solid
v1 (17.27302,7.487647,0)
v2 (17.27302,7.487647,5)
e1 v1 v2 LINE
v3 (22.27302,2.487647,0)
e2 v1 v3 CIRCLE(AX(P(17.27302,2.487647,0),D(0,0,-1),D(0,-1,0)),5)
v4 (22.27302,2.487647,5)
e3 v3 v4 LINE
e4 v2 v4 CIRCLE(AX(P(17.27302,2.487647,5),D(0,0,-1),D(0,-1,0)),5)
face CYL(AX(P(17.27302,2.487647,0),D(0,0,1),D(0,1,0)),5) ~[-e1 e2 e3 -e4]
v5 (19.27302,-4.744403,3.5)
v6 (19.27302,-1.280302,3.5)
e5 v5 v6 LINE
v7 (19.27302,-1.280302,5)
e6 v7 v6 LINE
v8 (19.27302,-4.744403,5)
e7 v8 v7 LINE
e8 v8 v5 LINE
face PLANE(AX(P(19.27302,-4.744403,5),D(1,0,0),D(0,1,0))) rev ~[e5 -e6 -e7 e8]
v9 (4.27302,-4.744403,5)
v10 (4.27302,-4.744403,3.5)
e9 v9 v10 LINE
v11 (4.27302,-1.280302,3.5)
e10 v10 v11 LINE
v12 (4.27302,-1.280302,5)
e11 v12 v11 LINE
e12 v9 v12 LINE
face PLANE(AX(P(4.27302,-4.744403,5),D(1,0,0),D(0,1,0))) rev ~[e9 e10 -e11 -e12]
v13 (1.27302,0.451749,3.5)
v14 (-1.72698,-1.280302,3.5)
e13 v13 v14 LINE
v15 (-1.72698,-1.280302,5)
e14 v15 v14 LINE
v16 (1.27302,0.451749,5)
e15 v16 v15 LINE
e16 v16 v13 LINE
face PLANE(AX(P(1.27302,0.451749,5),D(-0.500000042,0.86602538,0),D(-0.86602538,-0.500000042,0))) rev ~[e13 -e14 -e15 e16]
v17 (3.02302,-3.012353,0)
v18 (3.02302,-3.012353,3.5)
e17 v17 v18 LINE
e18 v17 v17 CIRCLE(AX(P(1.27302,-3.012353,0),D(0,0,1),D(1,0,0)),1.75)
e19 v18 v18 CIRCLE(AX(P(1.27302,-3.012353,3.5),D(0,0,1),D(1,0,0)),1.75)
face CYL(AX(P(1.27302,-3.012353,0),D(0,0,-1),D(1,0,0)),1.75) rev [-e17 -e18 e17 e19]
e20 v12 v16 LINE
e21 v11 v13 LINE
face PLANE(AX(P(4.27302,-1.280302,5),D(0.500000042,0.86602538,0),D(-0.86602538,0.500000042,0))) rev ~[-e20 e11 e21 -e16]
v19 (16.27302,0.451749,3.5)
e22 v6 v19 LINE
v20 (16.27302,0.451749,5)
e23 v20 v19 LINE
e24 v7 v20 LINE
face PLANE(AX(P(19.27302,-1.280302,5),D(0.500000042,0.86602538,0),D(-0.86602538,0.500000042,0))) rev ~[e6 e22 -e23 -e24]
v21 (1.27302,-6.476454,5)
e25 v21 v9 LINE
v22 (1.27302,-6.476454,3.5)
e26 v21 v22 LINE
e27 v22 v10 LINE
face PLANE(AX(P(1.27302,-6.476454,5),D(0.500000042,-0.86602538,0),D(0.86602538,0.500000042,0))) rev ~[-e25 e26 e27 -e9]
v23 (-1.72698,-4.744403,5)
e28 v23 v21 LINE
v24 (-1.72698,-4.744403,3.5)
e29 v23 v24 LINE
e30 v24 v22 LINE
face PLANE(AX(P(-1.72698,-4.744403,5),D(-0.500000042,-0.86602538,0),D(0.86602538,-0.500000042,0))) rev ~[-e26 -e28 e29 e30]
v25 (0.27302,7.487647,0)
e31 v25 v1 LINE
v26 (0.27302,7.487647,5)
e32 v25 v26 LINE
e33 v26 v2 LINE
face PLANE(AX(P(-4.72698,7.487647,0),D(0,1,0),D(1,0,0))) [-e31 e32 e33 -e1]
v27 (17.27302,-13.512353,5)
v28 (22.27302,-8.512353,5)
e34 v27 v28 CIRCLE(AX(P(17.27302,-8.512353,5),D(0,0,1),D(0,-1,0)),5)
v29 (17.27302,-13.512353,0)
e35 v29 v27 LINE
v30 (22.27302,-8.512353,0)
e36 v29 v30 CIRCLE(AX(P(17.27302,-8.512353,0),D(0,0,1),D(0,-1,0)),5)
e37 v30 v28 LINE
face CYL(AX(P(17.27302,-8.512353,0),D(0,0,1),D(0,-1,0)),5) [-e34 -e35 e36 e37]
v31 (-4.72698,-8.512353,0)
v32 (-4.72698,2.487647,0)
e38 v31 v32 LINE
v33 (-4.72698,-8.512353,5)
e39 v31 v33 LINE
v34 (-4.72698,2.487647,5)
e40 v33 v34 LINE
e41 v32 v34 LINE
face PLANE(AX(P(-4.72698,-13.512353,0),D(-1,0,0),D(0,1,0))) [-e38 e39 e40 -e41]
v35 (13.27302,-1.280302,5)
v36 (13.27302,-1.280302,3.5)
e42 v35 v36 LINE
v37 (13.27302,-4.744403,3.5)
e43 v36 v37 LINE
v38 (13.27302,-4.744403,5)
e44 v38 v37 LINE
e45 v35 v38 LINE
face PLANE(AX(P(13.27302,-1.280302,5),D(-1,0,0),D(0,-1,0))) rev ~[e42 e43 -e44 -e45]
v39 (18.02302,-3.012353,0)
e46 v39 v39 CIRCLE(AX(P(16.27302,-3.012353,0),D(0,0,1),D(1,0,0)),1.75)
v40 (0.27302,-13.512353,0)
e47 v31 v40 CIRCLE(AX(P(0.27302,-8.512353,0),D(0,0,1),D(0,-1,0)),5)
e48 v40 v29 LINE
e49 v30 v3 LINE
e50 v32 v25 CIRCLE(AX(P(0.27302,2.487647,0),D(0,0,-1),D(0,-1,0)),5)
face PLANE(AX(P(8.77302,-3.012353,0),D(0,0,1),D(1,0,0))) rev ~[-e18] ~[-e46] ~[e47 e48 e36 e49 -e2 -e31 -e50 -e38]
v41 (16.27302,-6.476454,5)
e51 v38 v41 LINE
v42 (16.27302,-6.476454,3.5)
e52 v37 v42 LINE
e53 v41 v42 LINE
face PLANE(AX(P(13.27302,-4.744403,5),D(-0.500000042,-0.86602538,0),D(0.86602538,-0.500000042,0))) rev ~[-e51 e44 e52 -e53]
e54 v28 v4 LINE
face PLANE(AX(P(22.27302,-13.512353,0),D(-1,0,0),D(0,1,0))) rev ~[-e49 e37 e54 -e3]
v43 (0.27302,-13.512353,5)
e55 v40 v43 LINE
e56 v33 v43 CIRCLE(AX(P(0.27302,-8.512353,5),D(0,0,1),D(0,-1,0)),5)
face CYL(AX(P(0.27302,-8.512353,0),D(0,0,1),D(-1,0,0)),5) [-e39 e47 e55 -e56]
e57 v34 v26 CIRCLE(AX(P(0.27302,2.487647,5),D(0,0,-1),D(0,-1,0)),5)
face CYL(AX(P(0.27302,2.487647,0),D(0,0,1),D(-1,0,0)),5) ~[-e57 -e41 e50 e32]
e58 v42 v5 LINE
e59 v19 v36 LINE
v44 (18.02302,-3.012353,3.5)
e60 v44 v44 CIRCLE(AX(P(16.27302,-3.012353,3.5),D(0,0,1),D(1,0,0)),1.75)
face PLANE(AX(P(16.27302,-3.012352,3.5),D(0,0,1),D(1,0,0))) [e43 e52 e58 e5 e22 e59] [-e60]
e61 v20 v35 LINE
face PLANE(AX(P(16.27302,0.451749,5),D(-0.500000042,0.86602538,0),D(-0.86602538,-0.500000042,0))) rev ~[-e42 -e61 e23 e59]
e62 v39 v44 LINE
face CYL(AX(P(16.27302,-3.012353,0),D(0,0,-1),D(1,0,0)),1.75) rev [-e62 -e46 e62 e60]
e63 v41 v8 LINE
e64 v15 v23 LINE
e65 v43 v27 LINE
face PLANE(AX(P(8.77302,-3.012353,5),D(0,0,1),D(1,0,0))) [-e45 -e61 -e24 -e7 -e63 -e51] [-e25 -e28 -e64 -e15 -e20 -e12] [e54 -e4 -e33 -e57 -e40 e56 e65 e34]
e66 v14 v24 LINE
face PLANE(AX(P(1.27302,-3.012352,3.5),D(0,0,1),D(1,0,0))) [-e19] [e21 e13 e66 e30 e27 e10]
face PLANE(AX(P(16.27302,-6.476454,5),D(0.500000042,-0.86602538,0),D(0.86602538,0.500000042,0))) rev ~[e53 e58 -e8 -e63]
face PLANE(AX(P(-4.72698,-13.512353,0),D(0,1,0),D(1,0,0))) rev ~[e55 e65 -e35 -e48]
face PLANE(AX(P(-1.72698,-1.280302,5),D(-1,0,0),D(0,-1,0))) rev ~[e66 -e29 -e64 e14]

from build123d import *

# Parameters (mm, degrees)
F0_W     = 27
F0_H     = 21
F0_R     = 1.75
F1_DEPTH = 5
F2_R     = 5
F3_R     = 1.75
F4_DEPTH = 1.5


with BuildPart() as f1:
    # F0 (on Top) → F1 (new body)
    with BuildSketch(Plane.XY):
        with Locations((8.77302, -3.012353)):
            Rectangle(F0_W, F0_H)
        with Locations((1.27302, -3.012353)):
            Circle(F0_R, mode=Mode.SUBTRACT)
        with Locations((16.27302, -3.012353)):
            Circle(F0_R, mode=Mode.SUBTRACT)
    extrude(amount=F1_DEPTH)

    # F2
    f2_edges = [f1.edges().sort_by_distance(p)[0] for p in [
        (-4.72698, -13.512353, 2.5),
        (22.27302, -13.512353, 2.5),
        (22.27302, 7.487647, 2.5),
        (-4.72698, 7.487647, 2.5),
    ]]
    fillet(f2_edges, radius=F2_R)

    # F3 (on face) → F4 (cut)
    with BuildSketch(Plane.XY.offset(5)):
        Polygon((4.27302, -4.744403), (4.27302, -1.280302), (1.27302, 0.451749), (-1.72698, -1.280302), (-1.72698, -4.744403), (1.27302, -6.476454), align=None)
        with Locations((1.27302, -3.012353)):
            Circle(F3_R, mode=Mode.SUBTRACT)
        Polygon((19.27302, -4.744403), (19.27302, -1.280302), (16.27302, 0.451749), (13.27302, -1.280302), (13.27302, -4.744403), (16.27302, -6.476454), align=None)
        with Locations((16.27302, -3.012353)):
            Circle(F3_R, mode=Mode.SUBTRACT)
    extrude(amount=-F4_DEPTH, mode=Mode.SUBTRACT)


solid = f1.part
